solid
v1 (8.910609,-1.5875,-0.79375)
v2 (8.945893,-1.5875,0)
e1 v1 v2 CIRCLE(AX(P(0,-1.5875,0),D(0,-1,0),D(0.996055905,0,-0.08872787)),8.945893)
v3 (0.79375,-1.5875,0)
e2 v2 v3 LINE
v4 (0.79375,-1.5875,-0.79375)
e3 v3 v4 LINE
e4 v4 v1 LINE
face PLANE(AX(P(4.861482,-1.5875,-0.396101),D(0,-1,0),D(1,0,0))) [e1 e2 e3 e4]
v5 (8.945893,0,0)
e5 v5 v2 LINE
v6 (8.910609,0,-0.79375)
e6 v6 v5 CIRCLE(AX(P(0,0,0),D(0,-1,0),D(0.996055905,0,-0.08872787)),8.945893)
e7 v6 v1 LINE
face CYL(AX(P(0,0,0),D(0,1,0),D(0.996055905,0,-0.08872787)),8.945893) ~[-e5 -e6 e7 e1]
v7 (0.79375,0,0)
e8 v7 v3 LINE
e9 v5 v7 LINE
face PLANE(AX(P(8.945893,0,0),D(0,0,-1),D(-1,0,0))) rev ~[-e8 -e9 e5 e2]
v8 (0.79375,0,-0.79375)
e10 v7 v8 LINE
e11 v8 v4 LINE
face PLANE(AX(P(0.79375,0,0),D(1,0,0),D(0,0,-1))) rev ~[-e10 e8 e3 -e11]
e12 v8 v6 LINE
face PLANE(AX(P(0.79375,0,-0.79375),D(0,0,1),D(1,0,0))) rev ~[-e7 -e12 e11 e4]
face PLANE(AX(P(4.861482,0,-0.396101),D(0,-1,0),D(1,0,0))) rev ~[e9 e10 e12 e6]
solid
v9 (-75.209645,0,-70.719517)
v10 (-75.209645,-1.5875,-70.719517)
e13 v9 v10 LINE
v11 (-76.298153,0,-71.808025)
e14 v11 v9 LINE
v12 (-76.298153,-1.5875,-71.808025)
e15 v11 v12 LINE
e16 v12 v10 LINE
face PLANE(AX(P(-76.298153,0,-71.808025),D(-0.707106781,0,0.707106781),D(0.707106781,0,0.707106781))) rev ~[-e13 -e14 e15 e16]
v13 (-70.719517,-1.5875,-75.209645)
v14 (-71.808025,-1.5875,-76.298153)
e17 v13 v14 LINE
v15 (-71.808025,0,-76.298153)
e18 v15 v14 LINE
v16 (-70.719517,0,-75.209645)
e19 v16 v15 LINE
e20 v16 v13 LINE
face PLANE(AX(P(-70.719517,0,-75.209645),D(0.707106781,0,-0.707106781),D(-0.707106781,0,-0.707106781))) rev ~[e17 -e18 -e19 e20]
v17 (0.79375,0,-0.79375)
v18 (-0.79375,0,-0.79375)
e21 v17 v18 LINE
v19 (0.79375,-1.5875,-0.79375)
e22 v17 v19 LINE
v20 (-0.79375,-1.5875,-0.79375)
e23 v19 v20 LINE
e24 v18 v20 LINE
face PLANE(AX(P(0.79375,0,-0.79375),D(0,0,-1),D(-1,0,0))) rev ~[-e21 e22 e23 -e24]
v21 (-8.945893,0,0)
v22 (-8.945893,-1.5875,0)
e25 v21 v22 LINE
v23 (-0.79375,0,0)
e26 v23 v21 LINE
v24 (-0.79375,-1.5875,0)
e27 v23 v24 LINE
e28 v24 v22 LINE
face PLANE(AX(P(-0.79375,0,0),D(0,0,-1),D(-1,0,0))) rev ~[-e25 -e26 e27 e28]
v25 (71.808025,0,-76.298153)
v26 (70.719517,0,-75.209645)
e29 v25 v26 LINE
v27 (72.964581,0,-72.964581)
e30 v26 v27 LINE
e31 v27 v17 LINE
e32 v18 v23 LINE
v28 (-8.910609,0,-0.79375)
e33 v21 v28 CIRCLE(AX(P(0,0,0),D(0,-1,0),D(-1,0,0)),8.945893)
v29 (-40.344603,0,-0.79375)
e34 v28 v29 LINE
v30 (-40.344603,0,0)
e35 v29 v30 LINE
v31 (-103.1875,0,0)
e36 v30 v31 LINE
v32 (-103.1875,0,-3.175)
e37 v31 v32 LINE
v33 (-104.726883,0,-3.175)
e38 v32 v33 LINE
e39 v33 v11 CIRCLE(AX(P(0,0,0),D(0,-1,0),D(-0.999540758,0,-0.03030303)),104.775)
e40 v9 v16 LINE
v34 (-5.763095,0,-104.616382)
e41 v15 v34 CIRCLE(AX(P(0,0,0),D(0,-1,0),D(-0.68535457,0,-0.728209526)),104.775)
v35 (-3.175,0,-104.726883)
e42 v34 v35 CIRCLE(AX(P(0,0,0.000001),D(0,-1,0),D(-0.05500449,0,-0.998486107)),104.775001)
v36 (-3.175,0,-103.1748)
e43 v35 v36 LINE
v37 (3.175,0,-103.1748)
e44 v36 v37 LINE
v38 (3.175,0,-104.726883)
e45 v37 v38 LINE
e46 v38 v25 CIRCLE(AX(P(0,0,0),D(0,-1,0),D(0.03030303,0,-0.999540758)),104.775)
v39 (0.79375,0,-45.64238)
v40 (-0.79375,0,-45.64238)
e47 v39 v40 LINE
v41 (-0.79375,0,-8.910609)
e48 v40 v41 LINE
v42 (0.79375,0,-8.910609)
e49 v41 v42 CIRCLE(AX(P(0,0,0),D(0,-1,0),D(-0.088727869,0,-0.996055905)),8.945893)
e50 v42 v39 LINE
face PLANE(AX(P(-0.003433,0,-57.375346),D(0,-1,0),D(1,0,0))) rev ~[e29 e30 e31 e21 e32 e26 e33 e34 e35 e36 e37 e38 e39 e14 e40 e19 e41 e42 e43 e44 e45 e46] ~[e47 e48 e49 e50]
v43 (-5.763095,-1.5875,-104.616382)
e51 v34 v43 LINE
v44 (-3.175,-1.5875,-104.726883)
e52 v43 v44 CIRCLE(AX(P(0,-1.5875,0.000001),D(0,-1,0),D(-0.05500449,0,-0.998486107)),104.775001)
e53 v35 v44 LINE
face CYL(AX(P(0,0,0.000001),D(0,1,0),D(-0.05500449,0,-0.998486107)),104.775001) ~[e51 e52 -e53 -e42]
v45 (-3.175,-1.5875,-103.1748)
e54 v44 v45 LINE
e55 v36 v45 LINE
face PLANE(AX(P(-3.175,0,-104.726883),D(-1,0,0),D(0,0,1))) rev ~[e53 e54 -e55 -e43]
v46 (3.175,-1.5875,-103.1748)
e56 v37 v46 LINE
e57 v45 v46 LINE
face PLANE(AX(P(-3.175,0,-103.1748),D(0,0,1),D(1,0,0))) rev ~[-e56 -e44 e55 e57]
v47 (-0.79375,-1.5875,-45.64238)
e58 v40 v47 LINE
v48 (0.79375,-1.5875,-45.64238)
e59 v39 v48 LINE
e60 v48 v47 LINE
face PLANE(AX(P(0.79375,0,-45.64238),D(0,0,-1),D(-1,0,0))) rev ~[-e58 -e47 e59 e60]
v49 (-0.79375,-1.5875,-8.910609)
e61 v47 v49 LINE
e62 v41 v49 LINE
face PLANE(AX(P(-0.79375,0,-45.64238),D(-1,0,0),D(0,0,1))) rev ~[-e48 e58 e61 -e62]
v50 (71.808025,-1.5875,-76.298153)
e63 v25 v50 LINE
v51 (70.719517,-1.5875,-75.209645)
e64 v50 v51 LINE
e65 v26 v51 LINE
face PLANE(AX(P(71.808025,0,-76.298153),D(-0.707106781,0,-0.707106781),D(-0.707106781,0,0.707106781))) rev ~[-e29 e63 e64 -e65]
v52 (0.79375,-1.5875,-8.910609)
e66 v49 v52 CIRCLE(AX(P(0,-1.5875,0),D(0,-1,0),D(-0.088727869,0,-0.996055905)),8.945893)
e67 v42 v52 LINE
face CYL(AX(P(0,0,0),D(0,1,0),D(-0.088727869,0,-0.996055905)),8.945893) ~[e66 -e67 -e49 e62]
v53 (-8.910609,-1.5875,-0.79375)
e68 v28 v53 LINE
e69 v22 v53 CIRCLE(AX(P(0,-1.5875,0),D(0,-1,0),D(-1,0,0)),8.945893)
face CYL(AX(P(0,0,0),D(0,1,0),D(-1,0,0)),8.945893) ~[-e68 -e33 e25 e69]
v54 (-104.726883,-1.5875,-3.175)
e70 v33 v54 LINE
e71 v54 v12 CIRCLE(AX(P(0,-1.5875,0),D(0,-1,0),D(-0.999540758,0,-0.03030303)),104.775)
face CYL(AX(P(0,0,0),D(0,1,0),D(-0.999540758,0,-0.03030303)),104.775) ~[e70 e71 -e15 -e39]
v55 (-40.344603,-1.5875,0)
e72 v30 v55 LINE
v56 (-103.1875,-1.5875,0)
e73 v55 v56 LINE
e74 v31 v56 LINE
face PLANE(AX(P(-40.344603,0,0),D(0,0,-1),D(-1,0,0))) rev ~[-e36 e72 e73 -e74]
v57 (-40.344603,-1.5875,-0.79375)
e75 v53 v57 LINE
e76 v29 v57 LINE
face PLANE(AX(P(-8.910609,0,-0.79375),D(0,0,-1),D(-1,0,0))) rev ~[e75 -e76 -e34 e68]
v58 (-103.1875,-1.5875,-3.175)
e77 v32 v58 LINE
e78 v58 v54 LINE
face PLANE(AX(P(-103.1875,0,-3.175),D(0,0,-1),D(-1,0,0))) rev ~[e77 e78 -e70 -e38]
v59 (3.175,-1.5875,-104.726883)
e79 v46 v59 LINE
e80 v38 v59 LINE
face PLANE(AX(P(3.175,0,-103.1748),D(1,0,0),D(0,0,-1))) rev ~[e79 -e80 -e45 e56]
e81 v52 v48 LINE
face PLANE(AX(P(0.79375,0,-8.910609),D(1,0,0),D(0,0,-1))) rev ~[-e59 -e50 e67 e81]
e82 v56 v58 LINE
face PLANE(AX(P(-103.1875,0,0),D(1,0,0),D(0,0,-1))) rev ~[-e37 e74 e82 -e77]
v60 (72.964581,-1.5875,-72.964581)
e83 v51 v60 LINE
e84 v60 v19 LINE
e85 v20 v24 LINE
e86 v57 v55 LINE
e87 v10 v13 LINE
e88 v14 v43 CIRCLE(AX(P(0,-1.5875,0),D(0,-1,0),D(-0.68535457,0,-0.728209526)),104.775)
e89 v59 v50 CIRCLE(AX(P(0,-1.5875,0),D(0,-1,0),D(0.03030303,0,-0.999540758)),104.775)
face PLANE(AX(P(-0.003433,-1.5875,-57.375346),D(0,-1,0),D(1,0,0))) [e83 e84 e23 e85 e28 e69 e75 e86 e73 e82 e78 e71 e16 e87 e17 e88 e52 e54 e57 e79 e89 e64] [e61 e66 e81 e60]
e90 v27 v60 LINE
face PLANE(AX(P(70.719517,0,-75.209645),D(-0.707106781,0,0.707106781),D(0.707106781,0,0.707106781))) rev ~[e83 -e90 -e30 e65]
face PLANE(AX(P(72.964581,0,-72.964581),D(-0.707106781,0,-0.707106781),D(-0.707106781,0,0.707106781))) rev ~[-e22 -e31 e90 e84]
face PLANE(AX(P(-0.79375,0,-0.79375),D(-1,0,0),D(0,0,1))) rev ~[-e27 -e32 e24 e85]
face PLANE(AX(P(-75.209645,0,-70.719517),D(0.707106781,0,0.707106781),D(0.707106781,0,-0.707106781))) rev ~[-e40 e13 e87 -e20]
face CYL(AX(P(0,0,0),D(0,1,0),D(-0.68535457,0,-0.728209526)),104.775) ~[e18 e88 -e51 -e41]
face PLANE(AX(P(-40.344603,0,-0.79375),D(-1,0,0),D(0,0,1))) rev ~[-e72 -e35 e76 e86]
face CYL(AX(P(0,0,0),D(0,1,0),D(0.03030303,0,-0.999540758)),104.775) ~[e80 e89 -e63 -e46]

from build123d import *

# Parameters (mm, degrees)
F1_DEPTH = 1.5875


with BuildPart() as f1:
    # F0 (on Front) → F1 (new body)
    with BuildSketch(Plane.XZ):
        with BuildLine():
            ThreePointArc((3.175, -104.7268828907), (40.0956566261, -96.7994780189), (71.8080250343, -76.2981530948))
            Line((71.8080250343, -76.2981530948), (70.7195169534, -75.209645014))
            Line((70.7195169534, -75.209645014), (72.9645809837, -72.9645809837))
            Line((72.9645809837, -72.9645809837), (6.3257014034, -6.3257014034))
            ThreePointArc((6.3257014034, -6.3257014034), (3.7870944313, -8.1047462797), (0.79375, -8.9106092624))
            Line((0.79375, -8.9106092624), (0.79375, -45.6423796713))
            Line((0.79375, -45.6423796713), (-0.79375, -45.6423796713))
            Line((-0.79375, -45.6423796713), (-0.79375, -8.9106092624))
            ThreePointArc((-0.79375, -8.9106092624), (-3.7870944313, -8.1047462797), (-6.3257014034, -6.3257014034))
            Line((-6.3257014034, -6.3257014034), (-72.9645809837, -72.9645809837))
            Line((-72.9645809837, -72.9645809837), (-70.7195169534, -75.209645014))
            Line((-70.7195169534, -75.209645014), (-71.8080250343, -76.2981530948))
            ThreePointArc((-71.8080250343, -76.2981530948), (-41.2892262179, -96.2964195769), (-5.7630954006, -104.616381874))
            ThreePointArc((-5.7630954006, -104.616381874), (-4.4693892162, -104.679631185), (-3.175, -104.7268828907))
            Line((-3.175, -104.7268828907), (-3.175, -103.1748))
            Line((-3.175, -103.1748), (0, -103.1748))
            Line((0, -103.1748), (3.175, -103.1748))
            Line((3.175, -103.1748), (3.175, -104.7268828907))
        make_face()
        with BuildLine():
            Line((-72.9645809837, -72.9645809837), (-6.3257014034, -6.3257014034))
            ThreePointArc((-6.3257014034, -6.3257014034), (-8.1047462797, -3.7870944313), (-8.9106092624, -0.79375))
            Line((-8.9106092624, -0.79375), (-40.3446033597, -0.79375))
            Line((-40.3446033597, -0.79375), (-40.3446033597, 0))
            Line((-40.3446033597, 0), (-103.1875, 0))
            Line((-103.1875, 0), (-103.1875, -3.175))
            Line((-103.1875, -3.175), (-104.7268828907, -3.175))
            ThreePointArc((-104.7268828907, -3.175), (-96.7994780189, -40.0956566261), (-76.2981530948, -71.8080250343))
            Line((-76.2981530948, -71.8080250343), (-75.209645014, -70.7195169534))
            Line((-75.209645014, -70.7195169534), (-72.9645809837, -72.9645809837))
        make_face()
        with BuildLine():
            Line((-6.3257014034, -6.3257014034), (-0.79375, -0.79375))
            Line((-0.79375, -0.79375), (-8.9106092624, -0.79375))
            ThreePointArc((-8.9106092624, -0.79375), (-8.1047462797, -3.7870944313), (-6.3257014034, -6.3257014034))
        make_face()
        with BuildLine():
            Line((-0.79375, -8.9106092624), (-0.79375, -0.79375))
            Line((-0.79375, -0.79375), (-6.3257014034, -6.3257014034))
            ThreePointArc((-6.3257014034, -6.3257014034), (-3.7870944313, -8.1047462797), (-0.79375, -8.9106092624))
        make_face()
        with BuildLine():
            ThreePointArc((0.79375, -8.9106092624), (3.7870944313, -8.1047462797), (6.3257014034, -6.3257014034))
            Line((6.3257014034, -6.3257014034), (0.79375, -0.79375))
            Line((0.79375, -0.79375), (0.79375, -8.9106092624))
        make_face()
        with BuildLine():
            Line((0.79375, -8.9106092624), (0.79375, -0.79375))
            Line((0.79375, -0.79375), (-0.79375, -0.79375))
            Line((-0.79375, -0.79375), (-0.79375, -8.9106092624))
            ThreePointArc((-0.79375, -8.9106092624), (0, -8.9458927162), (0.79375, -8.9106092624))
        make_face()
        with BuildLine():
            Line((-8.9106092624, -0.79375), (-0.79375, -0.79375))
            Line((-0.79375, -0.79375), (-0.79375, 0))
            Line((-0.79375, 0), (-8.9458927162, 0))
            ThreePointArc((-8.9458927162, 0), (-8.9370674997, -0.397266908), (-8.9106092624, -0.79375))
        make_face()
    extrude(amount=F1_DEPTH)


with BuildPart() as f1b:
    # F0 (on Front) → F1, piece 2 (new body)
    with BuildSketch(Plane.XZ):
        with BuildLine():
            ThreePointArc((8.9106092624, -0.79375), (8.9370674997, -0.397266908), (8.9458927162, 0))
            Line((8.9458927162, 0), (0.79375, 0))
            Line((0.79375, 0), (0.79375, -0.79375))
            Line((0.79375, -0.79375), (8.9106092624, -0.79375))
        make_face()
    extrude(amount=F1_DEPTH)


solid = Compound([f1.part, f1b.part])
